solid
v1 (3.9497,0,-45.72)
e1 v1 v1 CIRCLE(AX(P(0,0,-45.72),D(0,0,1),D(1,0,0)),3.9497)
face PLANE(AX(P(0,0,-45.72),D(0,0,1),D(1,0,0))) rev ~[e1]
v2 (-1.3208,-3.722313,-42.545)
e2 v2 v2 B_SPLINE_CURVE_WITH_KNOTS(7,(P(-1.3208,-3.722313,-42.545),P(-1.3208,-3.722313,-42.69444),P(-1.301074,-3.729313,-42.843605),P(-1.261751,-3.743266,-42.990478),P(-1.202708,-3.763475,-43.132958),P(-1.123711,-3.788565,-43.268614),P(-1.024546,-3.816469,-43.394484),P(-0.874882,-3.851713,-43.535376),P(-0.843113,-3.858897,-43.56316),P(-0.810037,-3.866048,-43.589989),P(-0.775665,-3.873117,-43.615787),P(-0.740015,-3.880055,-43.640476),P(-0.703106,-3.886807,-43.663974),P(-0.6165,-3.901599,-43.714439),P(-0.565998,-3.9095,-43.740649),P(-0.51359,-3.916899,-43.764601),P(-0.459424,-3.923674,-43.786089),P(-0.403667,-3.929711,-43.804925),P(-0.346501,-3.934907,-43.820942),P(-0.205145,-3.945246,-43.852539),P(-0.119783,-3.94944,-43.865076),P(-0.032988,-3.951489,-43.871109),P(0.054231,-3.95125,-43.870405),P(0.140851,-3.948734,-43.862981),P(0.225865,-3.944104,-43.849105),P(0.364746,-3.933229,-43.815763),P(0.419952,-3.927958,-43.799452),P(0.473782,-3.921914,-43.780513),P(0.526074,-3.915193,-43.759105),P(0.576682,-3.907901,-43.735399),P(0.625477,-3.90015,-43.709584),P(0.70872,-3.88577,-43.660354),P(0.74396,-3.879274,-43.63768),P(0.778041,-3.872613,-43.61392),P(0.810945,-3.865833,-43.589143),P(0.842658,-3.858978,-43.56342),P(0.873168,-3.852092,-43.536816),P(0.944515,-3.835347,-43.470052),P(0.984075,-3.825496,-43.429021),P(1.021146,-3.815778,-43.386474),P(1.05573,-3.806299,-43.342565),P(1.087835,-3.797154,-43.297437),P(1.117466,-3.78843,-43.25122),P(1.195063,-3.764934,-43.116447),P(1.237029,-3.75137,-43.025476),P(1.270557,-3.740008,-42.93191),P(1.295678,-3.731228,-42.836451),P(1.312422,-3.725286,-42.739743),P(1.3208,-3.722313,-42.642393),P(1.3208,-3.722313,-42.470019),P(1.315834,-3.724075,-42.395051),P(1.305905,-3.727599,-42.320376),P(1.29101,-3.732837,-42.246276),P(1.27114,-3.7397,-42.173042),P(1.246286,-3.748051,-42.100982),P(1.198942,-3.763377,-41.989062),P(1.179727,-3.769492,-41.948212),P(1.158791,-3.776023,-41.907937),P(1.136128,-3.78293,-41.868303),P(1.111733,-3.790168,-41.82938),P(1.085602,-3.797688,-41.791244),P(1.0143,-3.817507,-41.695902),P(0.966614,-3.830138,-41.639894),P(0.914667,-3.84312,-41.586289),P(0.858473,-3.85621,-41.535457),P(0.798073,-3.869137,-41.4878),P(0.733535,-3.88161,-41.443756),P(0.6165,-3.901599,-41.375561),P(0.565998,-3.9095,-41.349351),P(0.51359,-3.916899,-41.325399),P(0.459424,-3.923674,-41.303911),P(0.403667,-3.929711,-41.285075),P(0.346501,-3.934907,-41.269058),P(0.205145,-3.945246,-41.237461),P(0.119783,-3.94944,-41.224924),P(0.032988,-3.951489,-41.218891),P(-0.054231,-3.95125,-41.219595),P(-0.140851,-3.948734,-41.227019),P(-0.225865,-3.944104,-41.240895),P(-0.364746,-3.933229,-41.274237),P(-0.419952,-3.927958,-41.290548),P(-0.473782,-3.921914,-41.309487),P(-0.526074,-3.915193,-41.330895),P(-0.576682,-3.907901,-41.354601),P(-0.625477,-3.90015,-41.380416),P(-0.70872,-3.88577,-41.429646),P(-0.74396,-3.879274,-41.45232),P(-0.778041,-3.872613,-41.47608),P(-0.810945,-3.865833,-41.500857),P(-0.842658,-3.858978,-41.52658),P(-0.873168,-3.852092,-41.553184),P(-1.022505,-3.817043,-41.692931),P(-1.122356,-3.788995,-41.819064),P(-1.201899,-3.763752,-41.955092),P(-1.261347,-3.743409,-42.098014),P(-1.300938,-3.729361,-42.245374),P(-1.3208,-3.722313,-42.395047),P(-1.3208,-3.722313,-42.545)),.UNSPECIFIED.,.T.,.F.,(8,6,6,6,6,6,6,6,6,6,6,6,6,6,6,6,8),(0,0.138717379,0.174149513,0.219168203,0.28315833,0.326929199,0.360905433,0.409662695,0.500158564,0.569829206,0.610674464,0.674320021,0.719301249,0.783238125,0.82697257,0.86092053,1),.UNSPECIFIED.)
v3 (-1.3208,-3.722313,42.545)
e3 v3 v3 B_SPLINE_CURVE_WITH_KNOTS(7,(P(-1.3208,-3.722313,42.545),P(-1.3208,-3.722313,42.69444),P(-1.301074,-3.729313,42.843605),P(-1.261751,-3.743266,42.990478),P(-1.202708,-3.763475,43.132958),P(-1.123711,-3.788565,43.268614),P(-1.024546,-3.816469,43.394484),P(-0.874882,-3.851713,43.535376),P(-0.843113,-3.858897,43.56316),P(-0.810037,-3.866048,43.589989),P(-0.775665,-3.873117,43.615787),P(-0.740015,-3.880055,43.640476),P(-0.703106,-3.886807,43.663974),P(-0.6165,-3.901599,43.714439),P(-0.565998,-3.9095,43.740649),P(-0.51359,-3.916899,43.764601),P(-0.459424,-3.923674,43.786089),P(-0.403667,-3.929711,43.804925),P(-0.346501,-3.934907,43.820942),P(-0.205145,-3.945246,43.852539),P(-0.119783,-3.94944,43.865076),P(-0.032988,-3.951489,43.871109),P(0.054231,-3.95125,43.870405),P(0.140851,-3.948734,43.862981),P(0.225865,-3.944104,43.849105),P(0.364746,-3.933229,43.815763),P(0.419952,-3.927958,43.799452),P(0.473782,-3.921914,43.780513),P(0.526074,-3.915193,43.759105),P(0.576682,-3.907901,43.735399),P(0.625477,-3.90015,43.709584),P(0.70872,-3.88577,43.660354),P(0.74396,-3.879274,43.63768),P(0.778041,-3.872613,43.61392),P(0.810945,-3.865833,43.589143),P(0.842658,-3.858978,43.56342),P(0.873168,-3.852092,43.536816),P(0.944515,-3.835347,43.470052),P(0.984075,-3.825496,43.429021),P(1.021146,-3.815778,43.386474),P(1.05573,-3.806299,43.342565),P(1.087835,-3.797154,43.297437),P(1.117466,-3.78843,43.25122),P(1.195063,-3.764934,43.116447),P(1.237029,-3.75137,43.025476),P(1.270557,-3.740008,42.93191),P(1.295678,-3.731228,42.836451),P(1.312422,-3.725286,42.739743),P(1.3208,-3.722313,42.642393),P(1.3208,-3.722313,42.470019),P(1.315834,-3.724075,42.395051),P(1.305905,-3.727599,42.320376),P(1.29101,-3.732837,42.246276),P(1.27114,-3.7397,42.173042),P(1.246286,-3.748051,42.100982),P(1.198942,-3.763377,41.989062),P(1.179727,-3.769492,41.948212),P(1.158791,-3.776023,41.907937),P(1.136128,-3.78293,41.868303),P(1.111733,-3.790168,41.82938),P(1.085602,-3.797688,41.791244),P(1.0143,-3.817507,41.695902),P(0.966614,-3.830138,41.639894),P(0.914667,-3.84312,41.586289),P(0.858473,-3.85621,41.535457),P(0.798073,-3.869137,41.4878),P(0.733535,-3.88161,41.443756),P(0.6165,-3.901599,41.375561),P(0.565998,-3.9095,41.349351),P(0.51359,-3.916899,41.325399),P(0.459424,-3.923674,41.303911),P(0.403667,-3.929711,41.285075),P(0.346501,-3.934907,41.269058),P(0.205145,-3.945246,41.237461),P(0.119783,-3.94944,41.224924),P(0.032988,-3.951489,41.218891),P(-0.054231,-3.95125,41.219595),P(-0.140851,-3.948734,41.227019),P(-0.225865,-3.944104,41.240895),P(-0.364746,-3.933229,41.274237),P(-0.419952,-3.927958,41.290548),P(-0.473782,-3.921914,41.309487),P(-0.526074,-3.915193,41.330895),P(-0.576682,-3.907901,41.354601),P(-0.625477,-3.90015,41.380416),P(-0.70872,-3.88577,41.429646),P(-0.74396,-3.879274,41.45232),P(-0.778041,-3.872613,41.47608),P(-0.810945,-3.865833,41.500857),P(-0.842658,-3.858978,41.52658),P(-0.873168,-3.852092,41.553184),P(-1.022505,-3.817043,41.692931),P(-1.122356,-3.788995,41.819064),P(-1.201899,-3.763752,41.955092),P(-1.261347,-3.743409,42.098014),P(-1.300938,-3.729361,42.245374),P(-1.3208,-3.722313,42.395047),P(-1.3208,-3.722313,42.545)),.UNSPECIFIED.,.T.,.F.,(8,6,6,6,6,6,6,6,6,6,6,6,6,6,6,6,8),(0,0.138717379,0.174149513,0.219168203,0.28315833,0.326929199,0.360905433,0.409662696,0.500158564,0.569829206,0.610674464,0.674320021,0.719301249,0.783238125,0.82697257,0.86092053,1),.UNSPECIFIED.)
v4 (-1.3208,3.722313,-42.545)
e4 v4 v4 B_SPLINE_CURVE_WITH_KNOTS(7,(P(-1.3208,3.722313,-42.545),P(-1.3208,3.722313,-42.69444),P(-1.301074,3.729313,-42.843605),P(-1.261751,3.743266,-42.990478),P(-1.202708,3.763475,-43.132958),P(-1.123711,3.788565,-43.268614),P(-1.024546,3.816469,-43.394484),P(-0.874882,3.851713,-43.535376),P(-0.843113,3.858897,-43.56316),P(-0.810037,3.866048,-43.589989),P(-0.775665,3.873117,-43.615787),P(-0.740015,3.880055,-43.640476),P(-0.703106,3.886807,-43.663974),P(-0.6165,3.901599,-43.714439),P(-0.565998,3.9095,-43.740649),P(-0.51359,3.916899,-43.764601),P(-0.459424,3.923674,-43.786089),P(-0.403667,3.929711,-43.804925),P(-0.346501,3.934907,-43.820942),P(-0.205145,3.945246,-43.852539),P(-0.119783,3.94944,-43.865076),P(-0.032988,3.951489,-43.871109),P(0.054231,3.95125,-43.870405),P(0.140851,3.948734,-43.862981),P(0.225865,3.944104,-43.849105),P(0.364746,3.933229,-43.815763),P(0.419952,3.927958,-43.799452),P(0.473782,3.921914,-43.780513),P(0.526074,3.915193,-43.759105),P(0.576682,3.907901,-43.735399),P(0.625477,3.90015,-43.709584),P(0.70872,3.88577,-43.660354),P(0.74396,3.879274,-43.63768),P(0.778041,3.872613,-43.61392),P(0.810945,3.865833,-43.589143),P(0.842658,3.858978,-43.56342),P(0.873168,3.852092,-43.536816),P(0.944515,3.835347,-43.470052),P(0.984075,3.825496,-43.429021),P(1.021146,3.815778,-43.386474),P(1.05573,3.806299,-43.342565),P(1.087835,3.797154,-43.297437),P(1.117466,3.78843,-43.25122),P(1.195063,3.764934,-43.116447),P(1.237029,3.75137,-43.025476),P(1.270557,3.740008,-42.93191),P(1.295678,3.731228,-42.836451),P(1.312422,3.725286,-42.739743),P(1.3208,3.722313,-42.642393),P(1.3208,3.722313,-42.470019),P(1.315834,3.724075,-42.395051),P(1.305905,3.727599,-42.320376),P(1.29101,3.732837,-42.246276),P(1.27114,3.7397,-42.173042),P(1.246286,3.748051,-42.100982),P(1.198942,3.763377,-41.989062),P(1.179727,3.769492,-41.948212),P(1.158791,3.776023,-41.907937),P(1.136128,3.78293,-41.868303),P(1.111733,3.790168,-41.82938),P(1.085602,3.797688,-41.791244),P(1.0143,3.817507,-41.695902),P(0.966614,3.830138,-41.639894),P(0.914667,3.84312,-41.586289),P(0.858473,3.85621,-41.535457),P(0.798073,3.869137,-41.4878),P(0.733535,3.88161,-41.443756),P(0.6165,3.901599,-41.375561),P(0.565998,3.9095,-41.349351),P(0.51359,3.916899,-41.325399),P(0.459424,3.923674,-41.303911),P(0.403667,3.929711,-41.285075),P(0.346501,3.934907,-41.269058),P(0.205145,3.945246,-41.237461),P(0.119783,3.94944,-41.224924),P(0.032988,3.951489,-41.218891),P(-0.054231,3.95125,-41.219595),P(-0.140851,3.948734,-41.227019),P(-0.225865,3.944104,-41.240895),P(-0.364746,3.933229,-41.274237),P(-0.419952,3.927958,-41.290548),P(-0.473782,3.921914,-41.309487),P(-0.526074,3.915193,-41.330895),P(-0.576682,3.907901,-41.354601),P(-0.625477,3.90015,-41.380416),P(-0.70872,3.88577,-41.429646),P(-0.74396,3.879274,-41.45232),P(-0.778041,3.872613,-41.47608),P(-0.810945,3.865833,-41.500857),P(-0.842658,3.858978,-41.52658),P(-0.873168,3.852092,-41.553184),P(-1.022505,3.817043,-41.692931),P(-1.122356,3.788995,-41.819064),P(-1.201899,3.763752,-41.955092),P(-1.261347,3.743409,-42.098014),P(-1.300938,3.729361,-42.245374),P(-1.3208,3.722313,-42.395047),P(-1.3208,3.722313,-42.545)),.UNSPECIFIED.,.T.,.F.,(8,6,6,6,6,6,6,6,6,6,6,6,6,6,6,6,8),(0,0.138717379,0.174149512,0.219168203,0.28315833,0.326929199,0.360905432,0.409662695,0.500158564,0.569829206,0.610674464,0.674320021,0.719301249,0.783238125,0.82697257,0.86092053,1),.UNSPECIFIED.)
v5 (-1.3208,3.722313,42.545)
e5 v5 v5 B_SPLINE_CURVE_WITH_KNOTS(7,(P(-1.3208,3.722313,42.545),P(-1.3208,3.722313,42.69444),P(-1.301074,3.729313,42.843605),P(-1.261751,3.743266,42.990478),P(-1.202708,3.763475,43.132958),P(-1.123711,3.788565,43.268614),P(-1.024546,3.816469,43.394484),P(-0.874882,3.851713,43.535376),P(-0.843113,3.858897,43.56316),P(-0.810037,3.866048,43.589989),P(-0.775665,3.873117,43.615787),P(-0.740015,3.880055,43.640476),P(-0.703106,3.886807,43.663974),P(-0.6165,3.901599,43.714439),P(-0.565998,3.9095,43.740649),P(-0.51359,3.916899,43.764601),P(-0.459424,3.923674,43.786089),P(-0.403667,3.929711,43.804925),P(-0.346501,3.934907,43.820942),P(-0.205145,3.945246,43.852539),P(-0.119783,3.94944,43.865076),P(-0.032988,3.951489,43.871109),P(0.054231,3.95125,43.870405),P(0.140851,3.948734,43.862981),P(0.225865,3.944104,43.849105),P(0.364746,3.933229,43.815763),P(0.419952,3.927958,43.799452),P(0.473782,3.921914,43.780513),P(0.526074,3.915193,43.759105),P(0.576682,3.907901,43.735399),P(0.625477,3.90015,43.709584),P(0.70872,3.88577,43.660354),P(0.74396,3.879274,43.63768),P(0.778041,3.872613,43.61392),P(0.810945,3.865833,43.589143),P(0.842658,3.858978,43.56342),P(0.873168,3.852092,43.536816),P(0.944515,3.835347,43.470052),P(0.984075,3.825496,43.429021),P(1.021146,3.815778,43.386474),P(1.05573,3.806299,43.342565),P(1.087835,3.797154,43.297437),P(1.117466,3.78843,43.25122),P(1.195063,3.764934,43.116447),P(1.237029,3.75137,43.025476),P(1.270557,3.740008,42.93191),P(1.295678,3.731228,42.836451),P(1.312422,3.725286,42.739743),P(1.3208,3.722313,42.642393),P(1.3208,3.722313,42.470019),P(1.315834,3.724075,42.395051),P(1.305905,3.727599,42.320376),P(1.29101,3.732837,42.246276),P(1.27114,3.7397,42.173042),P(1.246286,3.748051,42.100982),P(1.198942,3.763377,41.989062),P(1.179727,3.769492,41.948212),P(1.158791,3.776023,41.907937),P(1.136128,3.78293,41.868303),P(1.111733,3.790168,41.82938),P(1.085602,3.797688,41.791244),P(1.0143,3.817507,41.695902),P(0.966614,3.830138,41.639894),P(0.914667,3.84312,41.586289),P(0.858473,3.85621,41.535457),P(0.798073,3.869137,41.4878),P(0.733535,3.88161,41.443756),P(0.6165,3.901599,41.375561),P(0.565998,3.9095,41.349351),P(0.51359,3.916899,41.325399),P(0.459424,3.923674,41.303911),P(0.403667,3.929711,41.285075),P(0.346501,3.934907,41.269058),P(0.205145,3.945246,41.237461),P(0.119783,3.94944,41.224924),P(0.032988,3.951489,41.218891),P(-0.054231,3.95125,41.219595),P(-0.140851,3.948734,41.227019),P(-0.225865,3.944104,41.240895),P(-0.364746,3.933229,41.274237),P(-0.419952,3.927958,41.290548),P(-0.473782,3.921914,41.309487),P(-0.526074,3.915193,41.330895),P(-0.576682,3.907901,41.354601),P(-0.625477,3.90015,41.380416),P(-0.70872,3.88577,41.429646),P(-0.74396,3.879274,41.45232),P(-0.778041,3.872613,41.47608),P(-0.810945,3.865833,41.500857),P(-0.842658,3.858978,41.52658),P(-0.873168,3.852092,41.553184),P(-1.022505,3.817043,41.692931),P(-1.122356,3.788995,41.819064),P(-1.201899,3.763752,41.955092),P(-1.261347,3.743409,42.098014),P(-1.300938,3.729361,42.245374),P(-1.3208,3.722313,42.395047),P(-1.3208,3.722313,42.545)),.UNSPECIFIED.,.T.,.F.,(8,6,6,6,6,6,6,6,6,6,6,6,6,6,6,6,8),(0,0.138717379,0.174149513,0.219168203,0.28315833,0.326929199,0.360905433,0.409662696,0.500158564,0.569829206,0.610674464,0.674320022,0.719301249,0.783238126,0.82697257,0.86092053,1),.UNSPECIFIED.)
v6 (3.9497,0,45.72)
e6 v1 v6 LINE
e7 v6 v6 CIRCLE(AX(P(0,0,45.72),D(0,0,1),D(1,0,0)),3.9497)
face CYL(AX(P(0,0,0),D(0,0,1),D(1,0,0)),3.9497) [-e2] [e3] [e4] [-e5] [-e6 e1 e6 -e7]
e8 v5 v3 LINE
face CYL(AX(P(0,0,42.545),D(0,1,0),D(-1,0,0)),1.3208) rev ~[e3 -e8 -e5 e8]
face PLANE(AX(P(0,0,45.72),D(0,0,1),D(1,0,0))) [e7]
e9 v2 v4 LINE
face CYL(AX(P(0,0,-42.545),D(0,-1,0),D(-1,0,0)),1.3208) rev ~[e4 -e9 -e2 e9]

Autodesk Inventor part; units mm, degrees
ref_plane "YZ Plane" through (0, 0, 0) normal (1, 0, 0) x (0, 1, 0)
ref_plane "XZ Plane" through (0, 0, 0) normal (0, 1, 0) x (-1, 0, 0)
ref_plane "XY Plane" through (0, 0, 0) normal (0, 0, 1) x (1, 0, 0)
sketch "Sketch1" plane through (0, 0, 0) normal (0, 0, 1) x (1, 0, 0)
  circle A0 centre (0, 0) radius 3.9497
  dimension "d0" = 7.8994
extrude "Extrusion1" add sketch "Sketch1" against normal mid plane 91.44
sketch "Sketch2" plane through (0, 0, 0) normal (0, 1, 0) x (-1, 0, 0)
  circle A0 centre (0, 42.545) radius 1.3208
  line L0 (-3.9497, 45.72) -> (3.9497, 45.72) projected
  point P0 (0, 45.72)
  dimension "d3" = 2.6416
  dimension "d4" = 3.175
extrude "Extrusion2" cut sketch "Sketch2" along normal through all both and the other way through all
mirror "Mirror1" about plane through (0, 0, 0) normal (0, 0, 1) of "Extrusion2"
properties part number "Handle_Rod" material "Steel, Mild"
